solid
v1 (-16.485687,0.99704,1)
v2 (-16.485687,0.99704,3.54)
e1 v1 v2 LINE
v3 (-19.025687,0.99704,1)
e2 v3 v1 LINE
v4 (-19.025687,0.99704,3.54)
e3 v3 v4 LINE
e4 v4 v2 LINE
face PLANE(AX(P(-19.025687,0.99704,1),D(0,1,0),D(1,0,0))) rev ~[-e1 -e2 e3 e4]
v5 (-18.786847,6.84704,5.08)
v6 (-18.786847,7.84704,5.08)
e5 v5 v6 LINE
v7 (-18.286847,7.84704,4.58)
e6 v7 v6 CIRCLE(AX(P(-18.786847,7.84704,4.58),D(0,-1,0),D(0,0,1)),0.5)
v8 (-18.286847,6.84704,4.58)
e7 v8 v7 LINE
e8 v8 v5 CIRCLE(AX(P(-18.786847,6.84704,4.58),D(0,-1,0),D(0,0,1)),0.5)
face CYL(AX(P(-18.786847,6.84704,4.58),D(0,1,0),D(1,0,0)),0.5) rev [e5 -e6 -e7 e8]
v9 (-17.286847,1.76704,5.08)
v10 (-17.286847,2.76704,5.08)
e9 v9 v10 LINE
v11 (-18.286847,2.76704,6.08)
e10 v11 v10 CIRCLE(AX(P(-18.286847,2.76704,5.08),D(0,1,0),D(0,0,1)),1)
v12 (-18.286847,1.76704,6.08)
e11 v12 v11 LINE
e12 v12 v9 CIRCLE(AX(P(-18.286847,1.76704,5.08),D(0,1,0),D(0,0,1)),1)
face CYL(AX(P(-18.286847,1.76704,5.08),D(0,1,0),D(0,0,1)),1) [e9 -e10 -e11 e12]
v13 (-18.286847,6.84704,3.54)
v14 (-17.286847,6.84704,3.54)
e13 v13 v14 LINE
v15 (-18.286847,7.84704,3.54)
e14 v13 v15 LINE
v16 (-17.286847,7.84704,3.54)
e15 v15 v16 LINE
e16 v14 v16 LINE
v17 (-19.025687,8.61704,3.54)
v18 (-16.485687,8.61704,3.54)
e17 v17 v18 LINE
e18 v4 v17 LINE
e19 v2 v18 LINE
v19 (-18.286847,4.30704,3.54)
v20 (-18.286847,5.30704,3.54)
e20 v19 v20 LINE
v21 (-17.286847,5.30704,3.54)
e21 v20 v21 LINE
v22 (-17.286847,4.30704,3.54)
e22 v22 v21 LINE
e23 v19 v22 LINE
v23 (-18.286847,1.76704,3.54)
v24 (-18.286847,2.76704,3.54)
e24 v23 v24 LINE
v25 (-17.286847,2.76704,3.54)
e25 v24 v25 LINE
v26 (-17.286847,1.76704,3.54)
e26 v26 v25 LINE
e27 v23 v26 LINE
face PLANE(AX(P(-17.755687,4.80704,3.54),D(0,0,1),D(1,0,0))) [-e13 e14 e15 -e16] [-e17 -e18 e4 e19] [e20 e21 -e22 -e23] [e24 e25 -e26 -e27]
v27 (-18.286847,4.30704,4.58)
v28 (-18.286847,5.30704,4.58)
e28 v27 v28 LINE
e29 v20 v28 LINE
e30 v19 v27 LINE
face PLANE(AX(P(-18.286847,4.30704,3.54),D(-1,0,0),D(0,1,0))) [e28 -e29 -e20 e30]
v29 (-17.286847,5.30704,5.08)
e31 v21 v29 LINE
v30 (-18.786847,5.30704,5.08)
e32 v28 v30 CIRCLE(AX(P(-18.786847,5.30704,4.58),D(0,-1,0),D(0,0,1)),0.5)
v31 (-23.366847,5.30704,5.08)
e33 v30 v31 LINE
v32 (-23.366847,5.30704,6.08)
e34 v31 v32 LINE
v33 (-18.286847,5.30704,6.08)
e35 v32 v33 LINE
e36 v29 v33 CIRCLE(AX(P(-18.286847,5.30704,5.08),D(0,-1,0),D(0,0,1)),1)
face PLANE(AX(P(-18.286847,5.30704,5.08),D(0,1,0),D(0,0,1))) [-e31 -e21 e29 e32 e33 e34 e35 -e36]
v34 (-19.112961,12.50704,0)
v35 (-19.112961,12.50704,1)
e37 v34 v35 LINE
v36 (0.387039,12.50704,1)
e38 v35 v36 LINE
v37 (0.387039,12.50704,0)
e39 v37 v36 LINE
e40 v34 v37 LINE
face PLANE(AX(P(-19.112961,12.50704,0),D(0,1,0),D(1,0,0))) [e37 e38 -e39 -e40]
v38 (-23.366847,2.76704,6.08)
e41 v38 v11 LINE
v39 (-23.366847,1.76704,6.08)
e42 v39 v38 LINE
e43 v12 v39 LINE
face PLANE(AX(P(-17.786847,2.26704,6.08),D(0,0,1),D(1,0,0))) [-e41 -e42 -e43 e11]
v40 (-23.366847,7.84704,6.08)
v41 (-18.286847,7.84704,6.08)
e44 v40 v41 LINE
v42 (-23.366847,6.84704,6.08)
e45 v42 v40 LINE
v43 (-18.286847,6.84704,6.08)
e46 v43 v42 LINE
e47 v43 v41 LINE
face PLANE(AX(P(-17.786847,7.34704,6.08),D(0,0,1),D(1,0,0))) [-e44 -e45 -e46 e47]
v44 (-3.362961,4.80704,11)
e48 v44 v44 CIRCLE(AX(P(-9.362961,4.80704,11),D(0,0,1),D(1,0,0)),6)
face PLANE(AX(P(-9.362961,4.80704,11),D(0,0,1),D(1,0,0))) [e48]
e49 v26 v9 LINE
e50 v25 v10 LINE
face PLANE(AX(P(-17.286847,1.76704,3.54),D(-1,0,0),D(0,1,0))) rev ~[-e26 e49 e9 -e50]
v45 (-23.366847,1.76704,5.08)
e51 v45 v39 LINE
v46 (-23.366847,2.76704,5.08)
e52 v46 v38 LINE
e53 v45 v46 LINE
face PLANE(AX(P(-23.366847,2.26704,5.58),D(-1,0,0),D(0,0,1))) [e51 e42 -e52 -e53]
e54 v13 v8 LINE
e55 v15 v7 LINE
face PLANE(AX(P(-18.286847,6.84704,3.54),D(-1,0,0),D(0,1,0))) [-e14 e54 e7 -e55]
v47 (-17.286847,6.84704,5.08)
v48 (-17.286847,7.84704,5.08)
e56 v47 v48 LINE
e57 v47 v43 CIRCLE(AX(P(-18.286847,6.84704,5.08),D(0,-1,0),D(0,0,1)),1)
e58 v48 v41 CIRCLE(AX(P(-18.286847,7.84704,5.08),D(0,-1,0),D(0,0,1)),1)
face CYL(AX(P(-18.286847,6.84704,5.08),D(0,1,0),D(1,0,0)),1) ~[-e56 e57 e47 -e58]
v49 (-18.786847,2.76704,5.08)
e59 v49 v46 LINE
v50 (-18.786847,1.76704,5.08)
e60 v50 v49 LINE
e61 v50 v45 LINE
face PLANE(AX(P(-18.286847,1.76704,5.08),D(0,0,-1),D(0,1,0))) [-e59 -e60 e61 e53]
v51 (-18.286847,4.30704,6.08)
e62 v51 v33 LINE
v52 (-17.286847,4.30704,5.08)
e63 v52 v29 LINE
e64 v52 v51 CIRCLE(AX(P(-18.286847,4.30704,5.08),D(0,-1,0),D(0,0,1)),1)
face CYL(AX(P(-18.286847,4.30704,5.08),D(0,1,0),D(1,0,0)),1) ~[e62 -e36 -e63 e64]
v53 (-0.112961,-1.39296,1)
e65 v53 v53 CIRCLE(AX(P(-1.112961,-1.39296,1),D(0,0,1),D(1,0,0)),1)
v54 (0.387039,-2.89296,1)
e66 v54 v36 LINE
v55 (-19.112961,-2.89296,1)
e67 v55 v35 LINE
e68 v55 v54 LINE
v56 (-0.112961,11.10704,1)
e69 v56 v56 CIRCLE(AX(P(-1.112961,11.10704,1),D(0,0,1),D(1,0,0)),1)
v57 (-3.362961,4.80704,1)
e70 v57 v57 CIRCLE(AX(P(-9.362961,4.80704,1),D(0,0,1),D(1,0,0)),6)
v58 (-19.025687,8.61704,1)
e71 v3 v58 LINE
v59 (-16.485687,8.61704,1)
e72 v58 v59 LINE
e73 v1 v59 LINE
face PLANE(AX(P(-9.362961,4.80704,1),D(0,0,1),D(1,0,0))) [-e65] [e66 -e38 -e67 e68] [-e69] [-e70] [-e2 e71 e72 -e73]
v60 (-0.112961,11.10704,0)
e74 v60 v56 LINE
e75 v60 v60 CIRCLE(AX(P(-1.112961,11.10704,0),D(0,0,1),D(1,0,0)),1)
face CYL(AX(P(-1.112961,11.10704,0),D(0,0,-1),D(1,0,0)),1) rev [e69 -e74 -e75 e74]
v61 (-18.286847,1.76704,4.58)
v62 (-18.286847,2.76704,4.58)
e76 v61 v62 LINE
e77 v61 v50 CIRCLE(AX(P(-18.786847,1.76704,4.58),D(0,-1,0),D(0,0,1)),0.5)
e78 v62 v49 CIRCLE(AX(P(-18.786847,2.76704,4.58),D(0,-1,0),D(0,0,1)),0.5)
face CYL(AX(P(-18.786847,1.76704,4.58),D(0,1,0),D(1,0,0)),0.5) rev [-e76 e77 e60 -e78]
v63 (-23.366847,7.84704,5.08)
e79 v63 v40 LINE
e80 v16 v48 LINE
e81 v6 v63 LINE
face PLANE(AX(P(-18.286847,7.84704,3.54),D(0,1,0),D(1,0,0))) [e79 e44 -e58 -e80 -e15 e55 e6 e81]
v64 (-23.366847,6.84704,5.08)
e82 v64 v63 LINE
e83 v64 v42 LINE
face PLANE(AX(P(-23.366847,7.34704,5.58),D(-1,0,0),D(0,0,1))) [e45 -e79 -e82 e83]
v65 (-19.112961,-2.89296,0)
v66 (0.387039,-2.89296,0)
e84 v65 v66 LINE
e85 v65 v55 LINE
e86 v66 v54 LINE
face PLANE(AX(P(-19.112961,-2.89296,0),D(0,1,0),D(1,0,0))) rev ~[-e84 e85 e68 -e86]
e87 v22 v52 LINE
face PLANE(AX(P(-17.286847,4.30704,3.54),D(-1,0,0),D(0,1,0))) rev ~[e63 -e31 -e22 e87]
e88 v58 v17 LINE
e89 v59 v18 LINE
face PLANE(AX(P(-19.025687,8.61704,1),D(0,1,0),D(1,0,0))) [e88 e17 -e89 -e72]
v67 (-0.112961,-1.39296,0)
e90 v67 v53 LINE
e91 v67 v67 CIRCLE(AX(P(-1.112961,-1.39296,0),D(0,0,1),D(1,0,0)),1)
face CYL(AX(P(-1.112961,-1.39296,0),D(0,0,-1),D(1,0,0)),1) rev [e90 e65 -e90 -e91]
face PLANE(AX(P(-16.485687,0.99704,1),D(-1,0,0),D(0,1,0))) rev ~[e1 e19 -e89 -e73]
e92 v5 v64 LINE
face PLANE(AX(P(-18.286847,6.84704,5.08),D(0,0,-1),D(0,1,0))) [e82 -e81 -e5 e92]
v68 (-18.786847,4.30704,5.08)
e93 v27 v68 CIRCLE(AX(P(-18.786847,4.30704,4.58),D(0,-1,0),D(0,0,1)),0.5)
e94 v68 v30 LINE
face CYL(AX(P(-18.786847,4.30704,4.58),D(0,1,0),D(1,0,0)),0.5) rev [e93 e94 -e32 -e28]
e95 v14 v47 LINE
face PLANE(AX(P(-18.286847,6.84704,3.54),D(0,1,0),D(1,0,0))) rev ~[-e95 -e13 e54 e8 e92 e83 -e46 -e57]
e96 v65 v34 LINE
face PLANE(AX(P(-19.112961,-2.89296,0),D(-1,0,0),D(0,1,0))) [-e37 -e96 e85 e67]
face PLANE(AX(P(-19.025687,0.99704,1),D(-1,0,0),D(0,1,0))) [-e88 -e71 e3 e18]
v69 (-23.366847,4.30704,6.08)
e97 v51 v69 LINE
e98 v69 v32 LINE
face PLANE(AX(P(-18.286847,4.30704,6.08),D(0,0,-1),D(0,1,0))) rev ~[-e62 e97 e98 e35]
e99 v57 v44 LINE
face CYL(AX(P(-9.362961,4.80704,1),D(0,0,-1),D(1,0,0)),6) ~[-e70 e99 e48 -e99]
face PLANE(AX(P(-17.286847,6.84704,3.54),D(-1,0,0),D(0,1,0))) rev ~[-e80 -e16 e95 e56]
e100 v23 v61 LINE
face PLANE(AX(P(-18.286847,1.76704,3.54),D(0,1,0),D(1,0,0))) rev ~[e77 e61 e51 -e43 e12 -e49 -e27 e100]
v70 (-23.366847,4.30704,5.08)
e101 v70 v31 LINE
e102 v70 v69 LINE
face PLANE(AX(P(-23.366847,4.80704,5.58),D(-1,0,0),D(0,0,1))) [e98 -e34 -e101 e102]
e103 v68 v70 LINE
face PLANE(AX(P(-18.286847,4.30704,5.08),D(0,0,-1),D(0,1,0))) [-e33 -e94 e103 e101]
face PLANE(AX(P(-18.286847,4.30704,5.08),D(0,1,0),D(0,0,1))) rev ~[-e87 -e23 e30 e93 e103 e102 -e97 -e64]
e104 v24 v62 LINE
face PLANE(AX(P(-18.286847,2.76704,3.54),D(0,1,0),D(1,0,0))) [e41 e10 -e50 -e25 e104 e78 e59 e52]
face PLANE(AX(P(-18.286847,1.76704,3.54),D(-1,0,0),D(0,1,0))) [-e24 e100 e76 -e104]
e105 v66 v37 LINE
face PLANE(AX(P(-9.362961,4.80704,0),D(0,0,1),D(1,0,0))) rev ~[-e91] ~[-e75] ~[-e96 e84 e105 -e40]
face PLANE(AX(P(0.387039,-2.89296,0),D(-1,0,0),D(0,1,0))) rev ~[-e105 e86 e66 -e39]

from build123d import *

# Parameters (mm, degrees)
CROQUIS1_W              = 19.5
CROQUIS1_H              = 15.4
CROQUIS1_R              = 1
SALIENTE_EXTRUIR1_DEPTH = 1
CROQUIS2_R              = 6
SALIENTE_EXTRUIR2_DEPTH = 10
CROQUIS3_W              = 2.54
CROQUIS3_H              = 7.62
SALIENTE_EXTRUIR3_DEPTH = 2.54
CROQUIS4_W              = 1
CROQUIS4_H              = 1
SALIENTE_EXTRUIR4_DEPTH = 2.54
CROQUIS6_W              = 1
CROQUIS6_H              = 1
SALIENTE_EXTRUIR5_DEPTH = 5.08
REDONDEO2_R             = 1
REDONDEO3_R             = 1
REDONDEO4_R             = 1
REDONDEO5_R             = 0.5
REDONDEO6_R             = 0.5
REDONDEO7_R             = 0.5


with BuildPart() as part:
    # Croquis1 → Saliente-Extruir1 (new body)
    with BuildSketch(Plane.XY):
        with Locations((-9.362960818, 4.807039504)):
            Rectangle(CROQUIS1_W, CROQUIS1_H)
        with Locations((-1.112960818, -1.392960496)):
            Circle(CROQUIS1_R, mode=Mode.SUBTRACT)
        with Locations((-1.112960818, 11.107039504)):
            Circle(CROQUIS1_R, mode=Mode.SUBTRACT)
    extrude(amount=SALIENTE_EXTRUIR1_DEPTH)

    # Croquis2 → Saliente-Extruir2 (add)
    with BuildSketch(Plane.XY.offset(1)):
        with Locations((-9.362960818, 4.807039504)):
            Circle(CROQUIS2_R)
    extrude(amount=SALIENTE_EXTRUIR2_DEPTH)

    # Croquis3 → Saliente-Extruir3 (add)
    with BuildSketch(Plane.XY.offset(1)):
        with Locations((-17.75568674, 4.807039504)):
            Rectangle(CROQUIS3_W, CROQUIS3_H)
    extrude(amount=SALIENTE_EXTRUIR3_DEPTH)

    # Croquis4 → Saliente-Extruir4 (add)
    with BuildSketch(Plane.XY.offset(3.54)):
        with Locations((-17.786846734, 7.347039504)):
            Rectangle(CROQUIS4_W, CROQUIS4_H)
        with Locations((-17.786846734, 4.807039504)):
            Rectangle(CROQUIS4_W, CROQUIS4_H)
        with Locations((-17.786846734, 2.267039504)):
            Rectangle(CROQUIS4_W, CROQUIS4_H)
    extrude(amount=SALIENTE_EXTRUIR4_DEPTH)

    # Croquis6 → Saliente-Extruir5 (add)
    with BuildSketch(Plane.ZY.offset(18.286846734)):
        with Locations((5.58, 4.807039504)):
            Rectangle(CROQUIS6_W, CROQUIS6_H)
        with Locations((5.58, 2.267039504)):
            Rectangle(CROQUIS6_W, CROQUIS6_H)
        with Locations((5.58, 7.347039504)):
            Rectangle(CROQUIS6_W, CROQUIS6_H)
    extrude(amount=SALIENTE_EXTRUIR5_DEPTH)

    # Redondeo2
    redondeo2_edges = [part.edges().sort_by_distance(p)[0] for p in [
        (-17.286846734, 2.267039504, 6.08),
    ]]
    fillet(redondeo2_edges, radius=REDONDEO2_R)

    # Redondeo3
    redondeo3_edges = [part.edges().sort_by_distance(p)[0] for p in [
        (-17.286846734, 4.807039504, 6.08),
    ]]
    fillet(redondeo3_edges, radius=REDONDEO3_R)

    # Redondeo4
    redondeo4_edges = [part.edges().sort_by_distance(p)[0] for p in [
        (-17.286846734, 7.347039504, 6.08),
    ]]
    fillet(redondeo4_edges, radius=REDONDEO4_R)

    # Redondeo5
    redondeo5_edges = [part.edges().sort_by_distance(p)[0] for p in [
        (-18.286846734, 2.267039504, 5.08),
    ]]
    fillet(redondeo5_edges, radius=REDONDEO5_R)

    # Redondeo6
    redondeo6_edges = [part.edges().sort_by_distance(p)[0] for p in [
        (-18.286846734, 4.807039504, 5.08),
    ]]
    fillet(redondeo6_edges, radius=REDONDEO6_R)

    # Redondeo7
    redondeo7_edges = [part.edges().sort_by_distance(p)[0] for p in [
        (-18.286846734, 7.347039504, 5.08),
    ]]
    fillet(redondeo7_edges, radius=REDONDEO7_R)


solid = part.part
